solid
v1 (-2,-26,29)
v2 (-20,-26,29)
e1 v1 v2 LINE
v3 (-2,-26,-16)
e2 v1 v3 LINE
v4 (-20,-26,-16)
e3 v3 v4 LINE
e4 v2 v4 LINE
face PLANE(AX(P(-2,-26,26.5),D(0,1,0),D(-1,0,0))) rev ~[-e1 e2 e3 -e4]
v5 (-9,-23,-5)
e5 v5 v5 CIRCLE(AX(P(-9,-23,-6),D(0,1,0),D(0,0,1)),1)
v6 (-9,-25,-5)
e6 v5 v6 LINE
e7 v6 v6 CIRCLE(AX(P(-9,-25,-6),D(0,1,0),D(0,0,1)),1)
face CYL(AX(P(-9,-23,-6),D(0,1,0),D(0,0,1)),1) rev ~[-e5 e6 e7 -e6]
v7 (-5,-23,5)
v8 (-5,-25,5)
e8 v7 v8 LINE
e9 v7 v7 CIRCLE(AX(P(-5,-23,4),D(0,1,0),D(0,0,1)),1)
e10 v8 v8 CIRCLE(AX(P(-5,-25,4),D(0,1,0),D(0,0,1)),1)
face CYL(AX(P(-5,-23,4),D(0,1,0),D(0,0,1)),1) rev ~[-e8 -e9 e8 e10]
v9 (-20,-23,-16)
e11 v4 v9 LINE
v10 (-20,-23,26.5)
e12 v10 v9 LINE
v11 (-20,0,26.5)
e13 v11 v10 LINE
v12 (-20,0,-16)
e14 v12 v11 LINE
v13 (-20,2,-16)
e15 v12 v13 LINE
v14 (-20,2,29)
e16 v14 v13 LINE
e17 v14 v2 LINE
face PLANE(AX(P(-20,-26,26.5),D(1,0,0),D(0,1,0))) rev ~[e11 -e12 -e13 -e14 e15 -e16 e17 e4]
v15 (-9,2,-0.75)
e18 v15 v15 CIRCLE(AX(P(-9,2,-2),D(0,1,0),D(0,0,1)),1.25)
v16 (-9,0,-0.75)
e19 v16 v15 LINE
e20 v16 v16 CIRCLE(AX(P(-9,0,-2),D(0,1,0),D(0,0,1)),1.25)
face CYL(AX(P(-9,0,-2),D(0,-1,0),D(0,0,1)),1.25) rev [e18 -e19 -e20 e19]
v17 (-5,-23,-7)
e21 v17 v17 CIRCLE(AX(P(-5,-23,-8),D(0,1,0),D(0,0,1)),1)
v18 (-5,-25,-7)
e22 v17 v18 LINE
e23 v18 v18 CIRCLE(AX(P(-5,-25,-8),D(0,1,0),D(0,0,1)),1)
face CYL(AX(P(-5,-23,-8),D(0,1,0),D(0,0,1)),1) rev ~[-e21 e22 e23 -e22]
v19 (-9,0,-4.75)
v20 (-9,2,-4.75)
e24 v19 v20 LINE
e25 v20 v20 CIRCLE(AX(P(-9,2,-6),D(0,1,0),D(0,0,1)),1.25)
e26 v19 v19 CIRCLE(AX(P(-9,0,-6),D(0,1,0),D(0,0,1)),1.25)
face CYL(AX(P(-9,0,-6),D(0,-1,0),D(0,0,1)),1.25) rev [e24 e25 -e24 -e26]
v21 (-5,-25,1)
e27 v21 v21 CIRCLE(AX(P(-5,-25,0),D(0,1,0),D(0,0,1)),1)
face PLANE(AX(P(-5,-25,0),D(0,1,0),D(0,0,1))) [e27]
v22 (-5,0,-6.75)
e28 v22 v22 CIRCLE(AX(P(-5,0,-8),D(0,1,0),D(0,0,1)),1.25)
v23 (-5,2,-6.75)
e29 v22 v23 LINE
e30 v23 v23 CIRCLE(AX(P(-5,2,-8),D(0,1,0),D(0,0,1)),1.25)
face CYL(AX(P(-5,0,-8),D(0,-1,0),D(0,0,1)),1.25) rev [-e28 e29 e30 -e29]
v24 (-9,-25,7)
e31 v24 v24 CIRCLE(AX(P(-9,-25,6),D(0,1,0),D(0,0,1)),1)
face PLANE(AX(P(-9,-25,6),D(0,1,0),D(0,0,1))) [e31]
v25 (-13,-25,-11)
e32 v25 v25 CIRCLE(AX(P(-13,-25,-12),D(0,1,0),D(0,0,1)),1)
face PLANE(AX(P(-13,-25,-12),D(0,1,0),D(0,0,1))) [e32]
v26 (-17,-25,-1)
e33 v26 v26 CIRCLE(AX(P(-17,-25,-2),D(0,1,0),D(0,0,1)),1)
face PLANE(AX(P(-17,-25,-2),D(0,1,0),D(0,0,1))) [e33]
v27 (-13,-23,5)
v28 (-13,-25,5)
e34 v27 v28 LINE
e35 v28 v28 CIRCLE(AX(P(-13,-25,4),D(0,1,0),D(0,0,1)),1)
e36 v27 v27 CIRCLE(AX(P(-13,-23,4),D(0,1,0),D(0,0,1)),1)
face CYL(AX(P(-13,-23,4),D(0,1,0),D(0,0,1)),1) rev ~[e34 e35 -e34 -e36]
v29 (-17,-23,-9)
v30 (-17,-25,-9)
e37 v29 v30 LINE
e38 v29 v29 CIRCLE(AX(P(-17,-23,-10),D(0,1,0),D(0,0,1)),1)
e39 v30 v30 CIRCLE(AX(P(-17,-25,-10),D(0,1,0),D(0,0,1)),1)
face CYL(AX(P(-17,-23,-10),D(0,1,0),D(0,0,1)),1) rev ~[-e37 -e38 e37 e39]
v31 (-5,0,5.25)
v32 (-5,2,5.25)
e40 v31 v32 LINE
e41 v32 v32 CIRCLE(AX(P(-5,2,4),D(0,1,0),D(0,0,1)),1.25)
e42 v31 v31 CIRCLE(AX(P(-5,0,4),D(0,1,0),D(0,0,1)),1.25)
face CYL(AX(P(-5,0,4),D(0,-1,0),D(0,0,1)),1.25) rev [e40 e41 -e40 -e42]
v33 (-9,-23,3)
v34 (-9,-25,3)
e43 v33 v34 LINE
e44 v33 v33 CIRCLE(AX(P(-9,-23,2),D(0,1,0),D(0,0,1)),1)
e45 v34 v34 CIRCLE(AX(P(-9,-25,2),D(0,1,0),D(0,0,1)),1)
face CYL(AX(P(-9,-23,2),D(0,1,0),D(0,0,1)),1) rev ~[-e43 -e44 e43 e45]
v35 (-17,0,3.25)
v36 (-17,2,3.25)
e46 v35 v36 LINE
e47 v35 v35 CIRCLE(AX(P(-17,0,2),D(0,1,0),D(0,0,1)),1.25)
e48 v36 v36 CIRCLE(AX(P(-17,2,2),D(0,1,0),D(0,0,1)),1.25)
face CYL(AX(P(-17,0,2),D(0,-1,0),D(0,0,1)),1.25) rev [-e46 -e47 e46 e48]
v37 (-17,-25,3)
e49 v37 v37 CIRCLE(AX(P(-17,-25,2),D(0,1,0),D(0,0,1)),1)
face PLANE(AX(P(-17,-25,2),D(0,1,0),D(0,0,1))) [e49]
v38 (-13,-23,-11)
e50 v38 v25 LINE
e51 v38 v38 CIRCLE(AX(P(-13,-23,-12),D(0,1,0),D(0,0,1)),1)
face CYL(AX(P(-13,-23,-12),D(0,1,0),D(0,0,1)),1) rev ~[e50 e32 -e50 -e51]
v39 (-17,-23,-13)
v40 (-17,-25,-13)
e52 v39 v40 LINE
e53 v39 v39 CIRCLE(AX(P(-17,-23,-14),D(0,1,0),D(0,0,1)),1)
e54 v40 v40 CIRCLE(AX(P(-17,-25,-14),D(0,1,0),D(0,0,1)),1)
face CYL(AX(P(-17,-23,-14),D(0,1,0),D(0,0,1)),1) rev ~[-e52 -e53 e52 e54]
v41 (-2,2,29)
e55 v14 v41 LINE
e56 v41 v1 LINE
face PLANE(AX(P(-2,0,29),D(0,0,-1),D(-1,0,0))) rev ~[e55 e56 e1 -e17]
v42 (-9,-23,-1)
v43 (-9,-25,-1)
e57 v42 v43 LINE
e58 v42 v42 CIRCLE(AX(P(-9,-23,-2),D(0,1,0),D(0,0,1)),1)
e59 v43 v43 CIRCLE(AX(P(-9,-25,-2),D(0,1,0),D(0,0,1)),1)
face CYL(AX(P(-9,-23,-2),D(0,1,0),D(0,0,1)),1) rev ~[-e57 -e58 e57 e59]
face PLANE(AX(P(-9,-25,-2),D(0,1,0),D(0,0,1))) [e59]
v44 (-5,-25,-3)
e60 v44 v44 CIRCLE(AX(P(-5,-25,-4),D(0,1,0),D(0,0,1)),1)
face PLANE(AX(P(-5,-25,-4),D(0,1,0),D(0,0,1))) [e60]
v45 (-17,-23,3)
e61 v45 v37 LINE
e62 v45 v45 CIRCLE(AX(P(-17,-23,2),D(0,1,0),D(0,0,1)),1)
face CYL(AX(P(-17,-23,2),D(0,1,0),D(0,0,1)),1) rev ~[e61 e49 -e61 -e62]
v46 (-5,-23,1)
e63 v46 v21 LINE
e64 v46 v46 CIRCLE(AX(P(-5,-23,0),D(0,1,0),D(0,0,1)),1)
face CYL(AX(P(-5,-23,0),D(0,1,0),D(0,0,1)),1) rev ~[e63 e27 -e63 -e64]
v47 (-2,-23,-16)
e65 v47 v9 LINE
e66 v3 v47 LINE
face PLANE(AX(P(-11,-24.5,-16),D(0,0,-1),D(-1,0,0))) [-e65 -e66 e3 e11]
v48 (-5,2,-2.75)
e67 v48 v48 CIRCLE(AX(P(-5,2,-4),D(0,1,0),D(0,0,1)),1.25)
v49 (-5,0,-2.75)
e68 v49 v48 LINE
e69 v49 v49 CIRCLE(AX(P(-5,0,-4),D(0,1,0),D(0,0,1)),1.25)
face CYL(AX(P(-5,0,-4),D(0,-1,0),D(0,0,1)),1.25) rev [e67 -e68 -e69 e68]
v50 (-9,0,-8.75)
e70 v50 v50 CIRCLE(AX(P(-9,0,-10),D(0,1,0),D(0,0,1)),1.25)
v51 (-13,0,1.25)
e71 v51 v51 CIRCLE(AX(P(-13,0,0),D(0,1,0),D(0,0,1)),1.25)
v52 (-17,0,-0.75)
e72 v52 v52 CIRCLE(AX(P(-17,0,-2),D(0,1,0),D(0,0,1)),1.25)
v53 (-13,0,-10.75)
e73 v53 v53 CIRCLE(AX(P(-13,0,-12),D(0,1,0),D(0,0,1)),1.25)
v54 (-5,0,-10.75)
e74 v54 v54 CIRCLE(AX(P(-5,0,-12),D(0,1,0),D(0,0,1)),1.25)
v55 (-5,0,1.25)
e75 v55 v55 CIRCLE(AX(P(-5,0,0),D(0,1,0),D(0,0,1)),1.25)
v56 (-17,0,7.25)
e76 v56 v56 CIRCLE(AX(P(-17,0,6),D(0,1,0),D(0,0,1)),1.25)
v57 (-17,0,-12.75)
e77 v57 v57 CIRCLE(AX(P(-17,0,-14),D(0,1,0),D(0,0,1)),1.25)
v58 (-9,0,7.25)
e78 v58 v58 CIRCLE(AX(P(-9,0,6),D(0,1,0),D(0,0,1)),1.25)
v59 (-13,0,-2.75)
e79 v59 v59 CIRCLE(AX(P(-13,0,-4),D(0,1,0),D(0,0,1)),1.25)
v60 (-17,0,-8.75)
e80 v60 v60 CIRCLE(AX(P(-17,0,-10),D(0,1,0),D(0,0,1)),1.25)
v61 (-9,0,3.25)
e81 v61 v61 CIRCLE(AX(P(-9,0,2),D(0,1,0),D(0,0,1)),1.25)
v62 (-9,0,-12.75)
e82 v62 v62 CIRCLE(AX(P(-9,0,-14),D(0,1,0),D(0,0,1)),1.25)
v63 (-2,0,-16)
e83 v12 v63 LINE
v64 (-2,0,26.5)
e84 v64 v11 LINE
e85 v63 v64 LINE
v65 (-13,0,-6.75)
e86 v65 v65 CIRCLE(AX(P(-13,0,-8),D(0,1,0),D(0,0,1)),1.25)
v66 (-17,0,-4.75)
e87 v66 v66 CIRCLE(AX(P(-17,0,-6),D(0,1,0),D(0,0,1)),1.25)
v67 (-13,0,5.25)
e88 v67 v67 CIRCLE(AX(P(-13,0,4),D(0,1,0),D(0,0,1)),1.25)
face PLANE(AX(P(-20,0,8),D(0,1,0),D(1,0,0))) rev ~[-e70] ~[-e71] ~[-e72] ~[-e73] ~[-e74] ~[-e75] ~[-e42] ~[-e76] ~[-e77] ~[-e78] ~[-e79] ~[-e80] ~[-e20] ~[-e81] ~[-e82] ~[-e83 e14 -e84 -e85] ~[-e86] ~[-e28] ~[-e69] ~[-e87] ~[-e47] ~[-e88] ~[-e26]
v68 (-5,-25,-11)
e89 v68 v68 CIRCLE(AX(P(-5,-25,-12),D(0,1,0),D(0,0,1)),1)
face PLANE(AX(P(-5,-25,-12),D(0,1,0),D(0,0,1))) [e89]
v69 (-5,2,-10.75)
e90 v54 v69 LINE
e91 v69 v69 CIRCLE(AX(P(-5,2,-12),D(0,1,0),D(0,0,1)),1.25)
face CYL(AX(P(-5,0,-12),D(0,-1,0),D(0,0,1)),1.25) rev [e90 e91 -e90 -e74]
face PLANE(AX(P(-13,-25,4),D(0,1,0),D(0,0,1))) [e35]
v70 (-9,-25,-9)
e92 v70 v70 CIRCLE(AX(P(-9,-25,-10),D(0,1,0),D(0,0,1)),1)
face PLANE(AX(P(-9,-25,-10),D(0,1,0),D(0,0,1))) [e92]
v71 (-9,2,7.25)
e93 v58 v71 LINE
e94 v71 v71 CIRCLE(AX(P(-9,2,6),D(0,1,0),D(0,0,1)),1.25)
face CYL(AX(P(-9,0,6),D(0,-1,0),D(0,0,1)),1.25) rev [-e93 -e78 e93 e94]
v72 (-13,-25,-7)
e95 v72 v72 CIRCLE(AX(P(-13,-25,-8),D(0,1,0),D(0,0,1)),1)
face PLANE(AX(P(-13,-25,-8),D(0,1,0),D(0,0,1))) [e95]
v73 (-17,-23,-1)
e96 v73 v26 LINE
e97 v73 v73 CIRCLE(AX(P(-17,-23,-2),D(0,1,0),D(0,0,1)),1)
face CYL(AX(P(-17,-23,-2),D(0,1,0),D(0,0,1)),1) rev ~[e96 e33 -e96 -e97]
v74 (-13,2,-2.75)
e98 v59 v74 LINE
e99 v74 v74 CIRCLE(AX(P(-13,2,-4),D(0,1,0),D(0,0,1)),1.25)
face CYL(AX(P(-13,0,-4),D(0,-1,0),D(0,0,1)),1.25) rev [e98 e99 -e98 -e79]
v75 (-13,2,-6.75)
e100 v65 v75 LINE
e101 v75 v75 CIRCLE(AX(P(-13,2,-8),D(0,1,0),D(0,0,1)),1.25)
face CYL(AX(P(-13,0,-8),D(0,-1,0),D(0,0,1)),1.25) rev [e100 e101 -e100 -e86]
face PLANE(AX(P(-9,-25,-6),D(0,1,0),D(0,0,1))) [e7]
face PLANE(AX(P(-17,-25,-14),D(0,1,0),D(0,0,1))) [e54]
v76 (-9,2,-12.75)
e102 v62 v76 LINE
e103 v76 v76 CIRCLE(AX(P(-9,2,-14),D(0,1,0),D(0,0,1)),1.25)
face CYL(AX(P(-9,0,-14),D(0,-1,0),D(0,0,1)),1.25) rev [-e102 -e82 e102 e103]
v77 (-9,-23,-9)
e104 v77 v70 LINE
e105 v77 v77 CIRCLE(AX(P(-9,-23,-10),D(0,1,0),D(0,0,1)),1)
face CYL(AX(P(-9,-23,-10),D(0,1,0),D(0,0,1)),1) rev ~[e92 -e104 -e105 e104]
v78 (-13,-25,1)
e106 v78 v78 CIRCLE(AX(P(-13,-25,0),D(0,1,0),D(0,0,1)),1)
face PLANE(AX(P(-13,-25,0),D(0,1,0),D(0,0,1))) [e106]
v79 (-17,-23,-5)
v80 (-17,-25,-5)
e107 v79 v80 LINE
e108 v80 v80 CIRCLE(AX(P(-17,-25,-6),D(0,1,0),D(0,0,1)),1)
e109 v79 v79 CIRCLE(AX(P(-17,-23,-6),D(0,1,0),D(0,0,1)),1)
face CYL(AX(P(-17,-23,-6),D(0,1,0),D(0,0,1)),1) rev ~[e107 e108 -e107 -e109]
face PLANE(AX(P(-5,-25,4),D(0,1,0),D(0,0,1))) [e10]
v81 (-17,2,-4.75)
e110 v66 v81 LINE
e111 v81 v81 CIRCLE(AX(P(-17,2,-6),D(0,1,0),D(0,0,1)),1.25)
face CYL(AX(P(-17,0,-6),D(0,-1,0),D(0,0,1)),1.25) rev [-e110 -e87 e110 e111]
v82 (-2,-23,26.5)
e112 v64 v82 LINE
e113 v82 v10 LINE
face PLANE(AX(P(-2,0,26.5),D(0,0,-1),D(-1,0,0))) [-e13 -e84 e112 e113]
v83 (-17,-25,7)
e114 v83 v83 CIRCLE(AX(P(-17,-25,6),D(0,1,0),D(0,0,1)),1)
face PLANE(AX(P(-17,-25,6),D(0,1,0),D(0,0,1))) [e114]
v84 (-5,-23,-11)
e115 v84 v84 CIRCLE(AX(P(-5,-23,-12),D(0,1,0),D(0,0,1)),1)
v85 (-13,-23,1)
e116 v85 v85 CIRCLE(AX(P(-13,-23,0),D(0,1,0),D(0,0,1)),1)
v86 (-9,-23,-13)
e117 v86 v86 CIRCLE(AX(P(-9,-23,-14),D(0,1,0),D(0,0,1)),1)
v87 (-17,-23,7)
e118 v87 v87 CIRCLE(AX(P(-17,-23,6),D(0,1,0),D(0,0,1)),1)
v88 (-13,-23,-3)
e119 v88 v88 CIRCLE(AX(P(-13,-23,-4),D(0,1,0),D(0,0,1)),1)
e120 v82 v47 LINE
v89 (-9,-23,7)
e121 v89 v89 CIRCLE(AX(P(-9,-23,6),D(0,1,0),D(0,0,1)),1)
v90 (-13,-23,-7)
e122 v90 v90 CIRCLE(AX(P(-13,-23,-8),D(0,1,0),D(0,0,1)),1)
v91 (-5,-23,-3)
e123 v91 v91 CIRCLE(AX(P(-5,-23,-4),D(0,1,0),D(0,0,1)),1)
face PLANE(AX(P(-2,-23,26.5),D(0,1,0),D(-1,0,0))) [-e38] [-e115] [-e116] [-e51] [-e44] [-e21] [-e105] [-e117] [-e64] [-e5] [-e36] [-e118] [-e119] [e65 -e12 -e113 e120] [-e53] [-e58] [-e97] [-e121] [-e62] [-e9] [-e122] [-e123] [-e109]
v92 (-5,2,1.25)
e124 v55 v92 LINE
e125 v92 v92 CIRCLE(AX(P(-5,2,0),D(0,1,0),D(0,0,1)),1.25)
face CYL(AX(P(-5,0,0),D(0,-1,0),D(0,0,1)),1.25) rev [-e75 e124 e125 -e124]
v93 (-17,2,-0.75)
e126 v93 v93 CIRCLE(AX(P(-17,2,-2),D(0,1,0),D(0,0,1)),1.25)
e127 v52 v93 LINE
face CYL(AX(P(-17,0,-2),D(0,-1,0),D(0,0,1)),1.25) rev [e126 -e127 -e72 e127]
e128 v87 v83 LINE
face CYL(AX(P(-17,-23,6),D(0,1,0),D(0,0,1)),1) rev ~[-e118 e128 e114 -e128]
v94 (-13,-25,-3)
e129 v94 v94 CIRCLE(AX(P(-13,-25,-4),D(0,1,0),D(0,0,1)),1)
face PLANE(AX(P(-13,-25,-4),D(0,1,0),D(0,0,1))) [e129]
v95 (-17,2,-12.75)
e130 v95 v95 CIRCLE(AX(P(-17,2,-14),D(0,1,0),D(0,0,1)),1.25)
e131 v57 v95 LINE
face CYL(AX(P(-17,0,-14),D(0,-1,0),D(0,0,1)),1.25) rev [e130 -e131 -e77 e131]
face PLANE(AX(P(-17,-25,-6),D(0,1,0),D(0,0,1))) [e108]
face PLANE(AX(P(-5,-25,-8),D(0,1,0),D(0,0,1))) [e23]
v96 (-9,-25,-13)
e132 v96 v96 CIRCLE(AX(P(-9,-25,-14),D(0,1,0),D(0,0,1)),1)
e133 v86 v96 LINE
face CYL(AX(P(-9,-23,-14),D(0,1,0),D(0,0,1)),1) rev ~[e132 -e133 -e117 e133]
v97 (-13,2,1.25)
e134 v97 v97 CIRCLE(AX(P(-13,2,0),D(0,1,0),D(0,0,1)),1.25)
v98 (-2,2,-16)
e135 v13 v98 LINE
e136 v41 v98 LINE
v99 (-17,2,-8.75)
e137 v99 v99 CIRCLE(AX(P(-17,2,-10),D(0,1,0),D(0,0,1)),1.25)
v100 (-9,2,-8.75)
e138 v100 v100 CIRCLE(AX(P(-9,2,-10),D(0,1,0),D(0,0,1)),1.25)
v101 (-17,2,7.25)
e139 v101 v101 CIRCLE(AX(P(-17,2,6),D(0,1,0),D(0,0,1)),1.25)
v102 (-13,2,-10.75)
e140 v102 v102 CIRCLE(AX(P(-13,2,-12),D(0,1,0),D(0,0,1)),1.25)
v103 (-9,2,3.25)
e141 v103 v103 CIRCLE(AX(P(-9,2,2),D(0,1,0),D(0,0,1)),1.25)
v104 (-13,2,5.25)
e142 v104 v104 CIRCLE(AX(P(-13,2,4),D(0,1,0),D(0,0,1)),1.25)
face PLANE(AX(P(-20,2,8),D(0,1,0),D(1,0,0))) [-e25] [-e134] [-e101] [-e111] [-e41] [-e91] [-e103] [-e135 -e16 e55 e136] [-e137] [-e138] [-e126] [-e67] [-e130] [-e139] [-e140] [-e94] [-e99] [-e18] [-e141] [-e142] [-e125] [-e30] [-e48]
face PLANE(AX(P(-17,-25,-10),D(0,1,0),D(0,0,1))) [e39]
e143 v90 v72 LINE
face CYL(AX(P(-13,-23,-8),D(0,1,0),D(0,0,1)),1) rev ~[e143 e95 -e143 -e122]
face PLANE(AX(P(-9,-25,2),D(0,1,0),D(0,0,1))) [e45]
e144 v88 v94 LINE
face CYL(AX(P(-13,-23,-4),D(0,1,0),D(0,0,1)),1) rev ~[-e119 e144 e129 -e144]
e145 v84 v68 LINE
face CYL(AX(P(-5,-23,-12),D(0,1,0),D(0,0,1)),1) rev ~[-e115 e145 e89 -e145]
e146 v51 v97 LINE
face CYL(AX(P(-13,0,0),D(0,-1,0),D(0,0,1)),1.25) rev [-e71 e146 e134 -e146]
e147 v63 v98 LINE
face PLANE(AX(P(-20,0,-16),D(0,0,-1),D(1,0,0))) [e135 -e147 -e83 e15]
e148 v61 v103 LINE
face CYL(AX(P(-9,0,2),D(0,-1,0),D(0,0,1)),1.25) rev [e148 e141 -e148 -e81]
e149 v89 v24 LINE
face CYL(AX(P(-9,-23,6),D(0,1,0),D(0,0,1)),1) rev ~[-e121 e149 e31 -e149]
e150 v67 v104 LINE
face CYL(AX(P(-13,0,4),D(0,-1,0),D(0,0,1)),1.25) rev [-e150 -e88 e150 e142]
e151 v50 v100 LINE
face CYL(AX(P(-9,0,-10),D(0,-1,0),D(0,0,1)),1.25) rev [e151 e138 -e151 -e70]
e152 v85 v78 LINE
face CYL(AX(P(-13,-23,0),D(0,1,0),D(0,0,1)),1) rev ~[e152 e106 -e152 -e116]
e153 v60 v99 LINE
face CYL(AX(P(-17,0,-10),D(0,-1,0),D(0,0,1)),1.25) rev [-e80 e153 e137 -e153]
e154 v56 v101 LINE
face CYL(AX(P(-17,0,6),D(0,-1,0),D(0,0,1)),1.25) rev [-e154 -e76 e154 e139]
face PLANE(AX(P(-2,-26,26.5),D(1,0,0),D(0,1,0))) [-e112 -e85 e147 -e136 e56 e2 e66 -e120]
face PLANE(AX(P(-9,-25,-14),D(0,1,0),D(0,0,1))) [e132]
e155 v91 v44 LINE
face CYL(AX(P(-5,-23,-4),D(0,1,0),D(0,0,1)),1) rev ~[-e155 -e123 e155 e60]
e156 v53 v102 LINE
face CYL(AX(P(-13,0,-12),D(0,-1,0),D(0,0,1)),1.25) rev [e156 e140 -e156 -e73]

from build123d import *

# Parameters (mm, degrees)
SKETCH2_W           = 18
SKETCH2_H           = 24
SKETCH2_R           = 1.25
BOSS_EXTRUDE2_DEPTH = 2
SKETCH3_W           = 18
SKETCH3_H           = 2
BOSS_EXTRUDE3_DEPTH = 21
SKETCH4_W           = 18
SKETCH4_H           = 2.5
BOSS_EXTRUDE4_DEPTH = 26
SKETCH5_W           = 18
SKETCH5_H           = 3
BOSS_EXTRUDE5_DEPTH = 42.5
SKETCH15_R          = 1
CUT_EXTRUDE3_DEPTH  = 2


with BuildPart() as part:
    # Sketch2 → Boss-Extrude2 (new body)
    with BuildSketch(Plane(origin=(0, 0, 0), x_dir=(1, 0, 0), z_dir=(0, 1, 0))):
        with Locations((-11, 4)):
            Rectangle(SKETCH2_W, SKETCH2_H)
        with Locations(Location((-17, -6, 0), (0, 0, 270))):
            Circle(SKETCH2_R, mode=Mode.SUBTRACT)
        with Locations(Location((-17, -2, 0), (0, 0, 270))):
            Circle(SKETCH2_R, mode=Mode.SUBTRACT)
        with Locations(Location((-17, 2, 0), (0, 0, 270))):
            Circle(SKETCH2_R, mode=Mode.SUBTRACT)
        with Locations(Location((-17, 6, 0), (0, 0, 270))):
            Circle(SKETCH2_R, mode=Mode.SUBTRACT)
        with Locations(Location((-17, 10, 0), (0, 0, 270))):
            Circle(SKETCH2_R, mode=Mode.SUBTRACT)
        with Locations(Location((-17, 14, 0), (0, 0, 270))):
            Circle(SKETCH2_R, mode=Mode.SUBTRACT)
        with Locations(Location((-13, -4, 0), (0, 0, 270))):
            Circle(SKETCH2_R, mode=Mode.SUBTRACT)
        with Locations(Location((-13, 0, 0), (0, 0, 270))):
            Circle(SKETCH2_R, mode=Mode.SUBTRACT)
        with Locations(Location((-13, 4, 0), (0, 0, 270))):
            Circle(SKETCH2_R, mode=Mode.SUBTRACT)
        with Locations(Location((-13, 8, 0), (0, 0, 270))):
            Circle(SKETCH2_R, mode=Mode.SUBTRACT)
        with Locations(Location((-13, 12, 0), (0, 0, 270))):
            Circle(SKETCH2_R, mode=Mode.SUBTRACT)
        with Locations(Location((-9, -6, 0), (0, 0, 270))):
            Circle(SKETCH2_R, mode=Mode.SUBTRACT)
        with Locations(Location((-9, -2, 0), (0, 0, 270))):
            Circle(SKETCH2_R, mode=Mode.SUBTRACT)
        with Locations(Location((-9, 2, 0), (0, 0, 270))):
            Circle(SKETCH2_R, mode=Mode.SUBTRACT)
        with Locations(Location((-9, 6, 0), (0, 0, 270))):
            Circle(SKETCH2_R, mode=Mode.SUBTRACT)
        with Locations(Location((-9, 10, 0), (0, 0, 270))):
            Circle(SKETCH2_R, mode=Mode.SUBTRACT)
        with Locations(Location((-9, 14, 0), (0, 0, 270))):
            Circle(SKETCH2_R, mode=Mode.SUBTRACT)
        with Locations(Location((-5, -4, 0), (0, 0, 270))):
            Circle(SKETCH2_R, mode=Mode.SUBTRACT)
        with Locations(Location((-5, 0, 0), (0, 0, 270))):
            Circle(SKETCH2_R, mode=Mode.SUBTRACT)
        with Locations(Location((-5, 4, 0), (0, 0, 270))):
            Circle(SKETCH2_R, mode=Mode.SUBTRACT)
        with Locations(Location((-5, 8, 0), (0, 0, 270))):
            Circle(SKETCH2_R, mode=Mode.SUBTRACT)
        with Locations(Location((-5, 12, 0), (0, 0, 270))):
            Circle(SKETCH2_R, mode=Mode.SUBTRACT)
    extrude(amount=BOSS_EXTRUDE2_DEPTH)

    # Sketch3 → Boss-Extrude3 (add)
    with BuildSketch(Plane.XY.offset(8)):
        with Locations((-11, 1)):
            Rectangle(SKETCH3_W, SKETCH3_H)
    extrude(amount=BOSS_EXTRUDE3_DEPTH)

    # Sketch4 → Boss-Extrude4 (add)
    with BuildSketch(Plane(origin=(0, 0, 0), x_dir=(-1, 0, 0), z_dir=(0, -1, 0))):
        with Locations((11, -27.75)):
            Rectangle(SKETCH4_W, SKETCH4_H)
    extrude(amount=BOSS_EXTRUDE4_DEPTH)

    # Sketch5 → Boss-Extrude5 (add)
    with BuildSketch(Plane(origin=(0, 0, 26.5), x_dir=(-1, 0, 0), z_dir=(0, 0, -1))):
        with Locations((11, -24.5)):
            Rectangle(SKETCH5_W, SKETCH5_H)
    extrude(amount=BOSS_EXTRUDE5_DEPTH)

    # Sketch15 → Cut-Extrude3 (cut)
    with BuildSketch(Plane(origin=(0, -23, 0), x_dir=(1, 0, 0), z_dir=(0, 1, 0))):
        with Locations(Location((-17, -6, 0), (0, 0, 270))):
            Circle(SKETCH15_R)
        with Locations(Location((-17, -2, 0), (0, 0, 270))):
            Circle(SKETCH15_R)
        with Locations(Location((-17, 2, 0), (0, 0, 270))):
            Circle(SKETCH15_R)
        with Locations(Location((-17, 6, 0), (0, 0, 270))):
            Circle(SKETCH15_R)
        with Locations(Location((-17, 10, 0), (0, 0, 270))):
            Circle(SKETCH15_R)
        with Locations(Location((-17, 14, 0), (0, 0, 270))):
            Circle(SKETCH15_R)
        with Locations(Location((-13, -4, 0), (0, 0, 270))):
            Circle(SKETCH15_R)
        with Locations(Location((-13, 0, 0), (0, 0, 270))):
            Circle(SKETCH15_R)
        with Locations(Location((-13, 4, 0), (0, 0, 270))):
            Circle(SKETCH15_R)
        with Locations(Location((-13, 8, 0), (0, 0, 270))):
            Circle(SKETCH15_R)
        with Locations(Location((-13, 12, 0), (0, 0, 270))):
            Circle(SKETCH15_R)
        with Locations(Location((-9, -6, 0), (0, 0, 270))):
            Circle(SKETCH15_R)
        with Locations(Location((-9, -2, 0), (0, 0, 270))):
            Circle(SKETCH15_R)
        with Locations(Location((-9, 2, 0), (0, 0, 270))):
            Circle(SKETCH15_R)
        with Locations(Location((-9, 6, 0), (0, 0, 270))):
            Circle(SKETCH15_R)
        with Locations(Location((-9, 10, 0), (0, 0, 270))):
            Circle(SKETCH15_R)
        with Locations(Location((-9, 14, 0), (0, 0, 270))):
            Circle(SKETCH15_R)
        with Locations(Location((-5, -4, 0), (0, 0, 270))):
            Circle(SKETCH15_R)
        with Locations(Location((-5, 0, 0), (0, 0, 270))):
            Circle(SKETCH15_R)
        with Locations(Location((-5, 4, 0), (0, 0, 270))):
            Circle(SKETCH15_R)
        with Locations(Location((-5, 8, 0), (0, 0, 270))):
            Circle(SKETCH15_R)
        with Locations(Location((-5, 12, 0), (0, 0, 270))):
            Circle(SKETCH15_R)
    extrude(amount=-CUT_EXTRUDE3_DEPTH, mode=Mode.SUBTRACT)


solid = part.part
